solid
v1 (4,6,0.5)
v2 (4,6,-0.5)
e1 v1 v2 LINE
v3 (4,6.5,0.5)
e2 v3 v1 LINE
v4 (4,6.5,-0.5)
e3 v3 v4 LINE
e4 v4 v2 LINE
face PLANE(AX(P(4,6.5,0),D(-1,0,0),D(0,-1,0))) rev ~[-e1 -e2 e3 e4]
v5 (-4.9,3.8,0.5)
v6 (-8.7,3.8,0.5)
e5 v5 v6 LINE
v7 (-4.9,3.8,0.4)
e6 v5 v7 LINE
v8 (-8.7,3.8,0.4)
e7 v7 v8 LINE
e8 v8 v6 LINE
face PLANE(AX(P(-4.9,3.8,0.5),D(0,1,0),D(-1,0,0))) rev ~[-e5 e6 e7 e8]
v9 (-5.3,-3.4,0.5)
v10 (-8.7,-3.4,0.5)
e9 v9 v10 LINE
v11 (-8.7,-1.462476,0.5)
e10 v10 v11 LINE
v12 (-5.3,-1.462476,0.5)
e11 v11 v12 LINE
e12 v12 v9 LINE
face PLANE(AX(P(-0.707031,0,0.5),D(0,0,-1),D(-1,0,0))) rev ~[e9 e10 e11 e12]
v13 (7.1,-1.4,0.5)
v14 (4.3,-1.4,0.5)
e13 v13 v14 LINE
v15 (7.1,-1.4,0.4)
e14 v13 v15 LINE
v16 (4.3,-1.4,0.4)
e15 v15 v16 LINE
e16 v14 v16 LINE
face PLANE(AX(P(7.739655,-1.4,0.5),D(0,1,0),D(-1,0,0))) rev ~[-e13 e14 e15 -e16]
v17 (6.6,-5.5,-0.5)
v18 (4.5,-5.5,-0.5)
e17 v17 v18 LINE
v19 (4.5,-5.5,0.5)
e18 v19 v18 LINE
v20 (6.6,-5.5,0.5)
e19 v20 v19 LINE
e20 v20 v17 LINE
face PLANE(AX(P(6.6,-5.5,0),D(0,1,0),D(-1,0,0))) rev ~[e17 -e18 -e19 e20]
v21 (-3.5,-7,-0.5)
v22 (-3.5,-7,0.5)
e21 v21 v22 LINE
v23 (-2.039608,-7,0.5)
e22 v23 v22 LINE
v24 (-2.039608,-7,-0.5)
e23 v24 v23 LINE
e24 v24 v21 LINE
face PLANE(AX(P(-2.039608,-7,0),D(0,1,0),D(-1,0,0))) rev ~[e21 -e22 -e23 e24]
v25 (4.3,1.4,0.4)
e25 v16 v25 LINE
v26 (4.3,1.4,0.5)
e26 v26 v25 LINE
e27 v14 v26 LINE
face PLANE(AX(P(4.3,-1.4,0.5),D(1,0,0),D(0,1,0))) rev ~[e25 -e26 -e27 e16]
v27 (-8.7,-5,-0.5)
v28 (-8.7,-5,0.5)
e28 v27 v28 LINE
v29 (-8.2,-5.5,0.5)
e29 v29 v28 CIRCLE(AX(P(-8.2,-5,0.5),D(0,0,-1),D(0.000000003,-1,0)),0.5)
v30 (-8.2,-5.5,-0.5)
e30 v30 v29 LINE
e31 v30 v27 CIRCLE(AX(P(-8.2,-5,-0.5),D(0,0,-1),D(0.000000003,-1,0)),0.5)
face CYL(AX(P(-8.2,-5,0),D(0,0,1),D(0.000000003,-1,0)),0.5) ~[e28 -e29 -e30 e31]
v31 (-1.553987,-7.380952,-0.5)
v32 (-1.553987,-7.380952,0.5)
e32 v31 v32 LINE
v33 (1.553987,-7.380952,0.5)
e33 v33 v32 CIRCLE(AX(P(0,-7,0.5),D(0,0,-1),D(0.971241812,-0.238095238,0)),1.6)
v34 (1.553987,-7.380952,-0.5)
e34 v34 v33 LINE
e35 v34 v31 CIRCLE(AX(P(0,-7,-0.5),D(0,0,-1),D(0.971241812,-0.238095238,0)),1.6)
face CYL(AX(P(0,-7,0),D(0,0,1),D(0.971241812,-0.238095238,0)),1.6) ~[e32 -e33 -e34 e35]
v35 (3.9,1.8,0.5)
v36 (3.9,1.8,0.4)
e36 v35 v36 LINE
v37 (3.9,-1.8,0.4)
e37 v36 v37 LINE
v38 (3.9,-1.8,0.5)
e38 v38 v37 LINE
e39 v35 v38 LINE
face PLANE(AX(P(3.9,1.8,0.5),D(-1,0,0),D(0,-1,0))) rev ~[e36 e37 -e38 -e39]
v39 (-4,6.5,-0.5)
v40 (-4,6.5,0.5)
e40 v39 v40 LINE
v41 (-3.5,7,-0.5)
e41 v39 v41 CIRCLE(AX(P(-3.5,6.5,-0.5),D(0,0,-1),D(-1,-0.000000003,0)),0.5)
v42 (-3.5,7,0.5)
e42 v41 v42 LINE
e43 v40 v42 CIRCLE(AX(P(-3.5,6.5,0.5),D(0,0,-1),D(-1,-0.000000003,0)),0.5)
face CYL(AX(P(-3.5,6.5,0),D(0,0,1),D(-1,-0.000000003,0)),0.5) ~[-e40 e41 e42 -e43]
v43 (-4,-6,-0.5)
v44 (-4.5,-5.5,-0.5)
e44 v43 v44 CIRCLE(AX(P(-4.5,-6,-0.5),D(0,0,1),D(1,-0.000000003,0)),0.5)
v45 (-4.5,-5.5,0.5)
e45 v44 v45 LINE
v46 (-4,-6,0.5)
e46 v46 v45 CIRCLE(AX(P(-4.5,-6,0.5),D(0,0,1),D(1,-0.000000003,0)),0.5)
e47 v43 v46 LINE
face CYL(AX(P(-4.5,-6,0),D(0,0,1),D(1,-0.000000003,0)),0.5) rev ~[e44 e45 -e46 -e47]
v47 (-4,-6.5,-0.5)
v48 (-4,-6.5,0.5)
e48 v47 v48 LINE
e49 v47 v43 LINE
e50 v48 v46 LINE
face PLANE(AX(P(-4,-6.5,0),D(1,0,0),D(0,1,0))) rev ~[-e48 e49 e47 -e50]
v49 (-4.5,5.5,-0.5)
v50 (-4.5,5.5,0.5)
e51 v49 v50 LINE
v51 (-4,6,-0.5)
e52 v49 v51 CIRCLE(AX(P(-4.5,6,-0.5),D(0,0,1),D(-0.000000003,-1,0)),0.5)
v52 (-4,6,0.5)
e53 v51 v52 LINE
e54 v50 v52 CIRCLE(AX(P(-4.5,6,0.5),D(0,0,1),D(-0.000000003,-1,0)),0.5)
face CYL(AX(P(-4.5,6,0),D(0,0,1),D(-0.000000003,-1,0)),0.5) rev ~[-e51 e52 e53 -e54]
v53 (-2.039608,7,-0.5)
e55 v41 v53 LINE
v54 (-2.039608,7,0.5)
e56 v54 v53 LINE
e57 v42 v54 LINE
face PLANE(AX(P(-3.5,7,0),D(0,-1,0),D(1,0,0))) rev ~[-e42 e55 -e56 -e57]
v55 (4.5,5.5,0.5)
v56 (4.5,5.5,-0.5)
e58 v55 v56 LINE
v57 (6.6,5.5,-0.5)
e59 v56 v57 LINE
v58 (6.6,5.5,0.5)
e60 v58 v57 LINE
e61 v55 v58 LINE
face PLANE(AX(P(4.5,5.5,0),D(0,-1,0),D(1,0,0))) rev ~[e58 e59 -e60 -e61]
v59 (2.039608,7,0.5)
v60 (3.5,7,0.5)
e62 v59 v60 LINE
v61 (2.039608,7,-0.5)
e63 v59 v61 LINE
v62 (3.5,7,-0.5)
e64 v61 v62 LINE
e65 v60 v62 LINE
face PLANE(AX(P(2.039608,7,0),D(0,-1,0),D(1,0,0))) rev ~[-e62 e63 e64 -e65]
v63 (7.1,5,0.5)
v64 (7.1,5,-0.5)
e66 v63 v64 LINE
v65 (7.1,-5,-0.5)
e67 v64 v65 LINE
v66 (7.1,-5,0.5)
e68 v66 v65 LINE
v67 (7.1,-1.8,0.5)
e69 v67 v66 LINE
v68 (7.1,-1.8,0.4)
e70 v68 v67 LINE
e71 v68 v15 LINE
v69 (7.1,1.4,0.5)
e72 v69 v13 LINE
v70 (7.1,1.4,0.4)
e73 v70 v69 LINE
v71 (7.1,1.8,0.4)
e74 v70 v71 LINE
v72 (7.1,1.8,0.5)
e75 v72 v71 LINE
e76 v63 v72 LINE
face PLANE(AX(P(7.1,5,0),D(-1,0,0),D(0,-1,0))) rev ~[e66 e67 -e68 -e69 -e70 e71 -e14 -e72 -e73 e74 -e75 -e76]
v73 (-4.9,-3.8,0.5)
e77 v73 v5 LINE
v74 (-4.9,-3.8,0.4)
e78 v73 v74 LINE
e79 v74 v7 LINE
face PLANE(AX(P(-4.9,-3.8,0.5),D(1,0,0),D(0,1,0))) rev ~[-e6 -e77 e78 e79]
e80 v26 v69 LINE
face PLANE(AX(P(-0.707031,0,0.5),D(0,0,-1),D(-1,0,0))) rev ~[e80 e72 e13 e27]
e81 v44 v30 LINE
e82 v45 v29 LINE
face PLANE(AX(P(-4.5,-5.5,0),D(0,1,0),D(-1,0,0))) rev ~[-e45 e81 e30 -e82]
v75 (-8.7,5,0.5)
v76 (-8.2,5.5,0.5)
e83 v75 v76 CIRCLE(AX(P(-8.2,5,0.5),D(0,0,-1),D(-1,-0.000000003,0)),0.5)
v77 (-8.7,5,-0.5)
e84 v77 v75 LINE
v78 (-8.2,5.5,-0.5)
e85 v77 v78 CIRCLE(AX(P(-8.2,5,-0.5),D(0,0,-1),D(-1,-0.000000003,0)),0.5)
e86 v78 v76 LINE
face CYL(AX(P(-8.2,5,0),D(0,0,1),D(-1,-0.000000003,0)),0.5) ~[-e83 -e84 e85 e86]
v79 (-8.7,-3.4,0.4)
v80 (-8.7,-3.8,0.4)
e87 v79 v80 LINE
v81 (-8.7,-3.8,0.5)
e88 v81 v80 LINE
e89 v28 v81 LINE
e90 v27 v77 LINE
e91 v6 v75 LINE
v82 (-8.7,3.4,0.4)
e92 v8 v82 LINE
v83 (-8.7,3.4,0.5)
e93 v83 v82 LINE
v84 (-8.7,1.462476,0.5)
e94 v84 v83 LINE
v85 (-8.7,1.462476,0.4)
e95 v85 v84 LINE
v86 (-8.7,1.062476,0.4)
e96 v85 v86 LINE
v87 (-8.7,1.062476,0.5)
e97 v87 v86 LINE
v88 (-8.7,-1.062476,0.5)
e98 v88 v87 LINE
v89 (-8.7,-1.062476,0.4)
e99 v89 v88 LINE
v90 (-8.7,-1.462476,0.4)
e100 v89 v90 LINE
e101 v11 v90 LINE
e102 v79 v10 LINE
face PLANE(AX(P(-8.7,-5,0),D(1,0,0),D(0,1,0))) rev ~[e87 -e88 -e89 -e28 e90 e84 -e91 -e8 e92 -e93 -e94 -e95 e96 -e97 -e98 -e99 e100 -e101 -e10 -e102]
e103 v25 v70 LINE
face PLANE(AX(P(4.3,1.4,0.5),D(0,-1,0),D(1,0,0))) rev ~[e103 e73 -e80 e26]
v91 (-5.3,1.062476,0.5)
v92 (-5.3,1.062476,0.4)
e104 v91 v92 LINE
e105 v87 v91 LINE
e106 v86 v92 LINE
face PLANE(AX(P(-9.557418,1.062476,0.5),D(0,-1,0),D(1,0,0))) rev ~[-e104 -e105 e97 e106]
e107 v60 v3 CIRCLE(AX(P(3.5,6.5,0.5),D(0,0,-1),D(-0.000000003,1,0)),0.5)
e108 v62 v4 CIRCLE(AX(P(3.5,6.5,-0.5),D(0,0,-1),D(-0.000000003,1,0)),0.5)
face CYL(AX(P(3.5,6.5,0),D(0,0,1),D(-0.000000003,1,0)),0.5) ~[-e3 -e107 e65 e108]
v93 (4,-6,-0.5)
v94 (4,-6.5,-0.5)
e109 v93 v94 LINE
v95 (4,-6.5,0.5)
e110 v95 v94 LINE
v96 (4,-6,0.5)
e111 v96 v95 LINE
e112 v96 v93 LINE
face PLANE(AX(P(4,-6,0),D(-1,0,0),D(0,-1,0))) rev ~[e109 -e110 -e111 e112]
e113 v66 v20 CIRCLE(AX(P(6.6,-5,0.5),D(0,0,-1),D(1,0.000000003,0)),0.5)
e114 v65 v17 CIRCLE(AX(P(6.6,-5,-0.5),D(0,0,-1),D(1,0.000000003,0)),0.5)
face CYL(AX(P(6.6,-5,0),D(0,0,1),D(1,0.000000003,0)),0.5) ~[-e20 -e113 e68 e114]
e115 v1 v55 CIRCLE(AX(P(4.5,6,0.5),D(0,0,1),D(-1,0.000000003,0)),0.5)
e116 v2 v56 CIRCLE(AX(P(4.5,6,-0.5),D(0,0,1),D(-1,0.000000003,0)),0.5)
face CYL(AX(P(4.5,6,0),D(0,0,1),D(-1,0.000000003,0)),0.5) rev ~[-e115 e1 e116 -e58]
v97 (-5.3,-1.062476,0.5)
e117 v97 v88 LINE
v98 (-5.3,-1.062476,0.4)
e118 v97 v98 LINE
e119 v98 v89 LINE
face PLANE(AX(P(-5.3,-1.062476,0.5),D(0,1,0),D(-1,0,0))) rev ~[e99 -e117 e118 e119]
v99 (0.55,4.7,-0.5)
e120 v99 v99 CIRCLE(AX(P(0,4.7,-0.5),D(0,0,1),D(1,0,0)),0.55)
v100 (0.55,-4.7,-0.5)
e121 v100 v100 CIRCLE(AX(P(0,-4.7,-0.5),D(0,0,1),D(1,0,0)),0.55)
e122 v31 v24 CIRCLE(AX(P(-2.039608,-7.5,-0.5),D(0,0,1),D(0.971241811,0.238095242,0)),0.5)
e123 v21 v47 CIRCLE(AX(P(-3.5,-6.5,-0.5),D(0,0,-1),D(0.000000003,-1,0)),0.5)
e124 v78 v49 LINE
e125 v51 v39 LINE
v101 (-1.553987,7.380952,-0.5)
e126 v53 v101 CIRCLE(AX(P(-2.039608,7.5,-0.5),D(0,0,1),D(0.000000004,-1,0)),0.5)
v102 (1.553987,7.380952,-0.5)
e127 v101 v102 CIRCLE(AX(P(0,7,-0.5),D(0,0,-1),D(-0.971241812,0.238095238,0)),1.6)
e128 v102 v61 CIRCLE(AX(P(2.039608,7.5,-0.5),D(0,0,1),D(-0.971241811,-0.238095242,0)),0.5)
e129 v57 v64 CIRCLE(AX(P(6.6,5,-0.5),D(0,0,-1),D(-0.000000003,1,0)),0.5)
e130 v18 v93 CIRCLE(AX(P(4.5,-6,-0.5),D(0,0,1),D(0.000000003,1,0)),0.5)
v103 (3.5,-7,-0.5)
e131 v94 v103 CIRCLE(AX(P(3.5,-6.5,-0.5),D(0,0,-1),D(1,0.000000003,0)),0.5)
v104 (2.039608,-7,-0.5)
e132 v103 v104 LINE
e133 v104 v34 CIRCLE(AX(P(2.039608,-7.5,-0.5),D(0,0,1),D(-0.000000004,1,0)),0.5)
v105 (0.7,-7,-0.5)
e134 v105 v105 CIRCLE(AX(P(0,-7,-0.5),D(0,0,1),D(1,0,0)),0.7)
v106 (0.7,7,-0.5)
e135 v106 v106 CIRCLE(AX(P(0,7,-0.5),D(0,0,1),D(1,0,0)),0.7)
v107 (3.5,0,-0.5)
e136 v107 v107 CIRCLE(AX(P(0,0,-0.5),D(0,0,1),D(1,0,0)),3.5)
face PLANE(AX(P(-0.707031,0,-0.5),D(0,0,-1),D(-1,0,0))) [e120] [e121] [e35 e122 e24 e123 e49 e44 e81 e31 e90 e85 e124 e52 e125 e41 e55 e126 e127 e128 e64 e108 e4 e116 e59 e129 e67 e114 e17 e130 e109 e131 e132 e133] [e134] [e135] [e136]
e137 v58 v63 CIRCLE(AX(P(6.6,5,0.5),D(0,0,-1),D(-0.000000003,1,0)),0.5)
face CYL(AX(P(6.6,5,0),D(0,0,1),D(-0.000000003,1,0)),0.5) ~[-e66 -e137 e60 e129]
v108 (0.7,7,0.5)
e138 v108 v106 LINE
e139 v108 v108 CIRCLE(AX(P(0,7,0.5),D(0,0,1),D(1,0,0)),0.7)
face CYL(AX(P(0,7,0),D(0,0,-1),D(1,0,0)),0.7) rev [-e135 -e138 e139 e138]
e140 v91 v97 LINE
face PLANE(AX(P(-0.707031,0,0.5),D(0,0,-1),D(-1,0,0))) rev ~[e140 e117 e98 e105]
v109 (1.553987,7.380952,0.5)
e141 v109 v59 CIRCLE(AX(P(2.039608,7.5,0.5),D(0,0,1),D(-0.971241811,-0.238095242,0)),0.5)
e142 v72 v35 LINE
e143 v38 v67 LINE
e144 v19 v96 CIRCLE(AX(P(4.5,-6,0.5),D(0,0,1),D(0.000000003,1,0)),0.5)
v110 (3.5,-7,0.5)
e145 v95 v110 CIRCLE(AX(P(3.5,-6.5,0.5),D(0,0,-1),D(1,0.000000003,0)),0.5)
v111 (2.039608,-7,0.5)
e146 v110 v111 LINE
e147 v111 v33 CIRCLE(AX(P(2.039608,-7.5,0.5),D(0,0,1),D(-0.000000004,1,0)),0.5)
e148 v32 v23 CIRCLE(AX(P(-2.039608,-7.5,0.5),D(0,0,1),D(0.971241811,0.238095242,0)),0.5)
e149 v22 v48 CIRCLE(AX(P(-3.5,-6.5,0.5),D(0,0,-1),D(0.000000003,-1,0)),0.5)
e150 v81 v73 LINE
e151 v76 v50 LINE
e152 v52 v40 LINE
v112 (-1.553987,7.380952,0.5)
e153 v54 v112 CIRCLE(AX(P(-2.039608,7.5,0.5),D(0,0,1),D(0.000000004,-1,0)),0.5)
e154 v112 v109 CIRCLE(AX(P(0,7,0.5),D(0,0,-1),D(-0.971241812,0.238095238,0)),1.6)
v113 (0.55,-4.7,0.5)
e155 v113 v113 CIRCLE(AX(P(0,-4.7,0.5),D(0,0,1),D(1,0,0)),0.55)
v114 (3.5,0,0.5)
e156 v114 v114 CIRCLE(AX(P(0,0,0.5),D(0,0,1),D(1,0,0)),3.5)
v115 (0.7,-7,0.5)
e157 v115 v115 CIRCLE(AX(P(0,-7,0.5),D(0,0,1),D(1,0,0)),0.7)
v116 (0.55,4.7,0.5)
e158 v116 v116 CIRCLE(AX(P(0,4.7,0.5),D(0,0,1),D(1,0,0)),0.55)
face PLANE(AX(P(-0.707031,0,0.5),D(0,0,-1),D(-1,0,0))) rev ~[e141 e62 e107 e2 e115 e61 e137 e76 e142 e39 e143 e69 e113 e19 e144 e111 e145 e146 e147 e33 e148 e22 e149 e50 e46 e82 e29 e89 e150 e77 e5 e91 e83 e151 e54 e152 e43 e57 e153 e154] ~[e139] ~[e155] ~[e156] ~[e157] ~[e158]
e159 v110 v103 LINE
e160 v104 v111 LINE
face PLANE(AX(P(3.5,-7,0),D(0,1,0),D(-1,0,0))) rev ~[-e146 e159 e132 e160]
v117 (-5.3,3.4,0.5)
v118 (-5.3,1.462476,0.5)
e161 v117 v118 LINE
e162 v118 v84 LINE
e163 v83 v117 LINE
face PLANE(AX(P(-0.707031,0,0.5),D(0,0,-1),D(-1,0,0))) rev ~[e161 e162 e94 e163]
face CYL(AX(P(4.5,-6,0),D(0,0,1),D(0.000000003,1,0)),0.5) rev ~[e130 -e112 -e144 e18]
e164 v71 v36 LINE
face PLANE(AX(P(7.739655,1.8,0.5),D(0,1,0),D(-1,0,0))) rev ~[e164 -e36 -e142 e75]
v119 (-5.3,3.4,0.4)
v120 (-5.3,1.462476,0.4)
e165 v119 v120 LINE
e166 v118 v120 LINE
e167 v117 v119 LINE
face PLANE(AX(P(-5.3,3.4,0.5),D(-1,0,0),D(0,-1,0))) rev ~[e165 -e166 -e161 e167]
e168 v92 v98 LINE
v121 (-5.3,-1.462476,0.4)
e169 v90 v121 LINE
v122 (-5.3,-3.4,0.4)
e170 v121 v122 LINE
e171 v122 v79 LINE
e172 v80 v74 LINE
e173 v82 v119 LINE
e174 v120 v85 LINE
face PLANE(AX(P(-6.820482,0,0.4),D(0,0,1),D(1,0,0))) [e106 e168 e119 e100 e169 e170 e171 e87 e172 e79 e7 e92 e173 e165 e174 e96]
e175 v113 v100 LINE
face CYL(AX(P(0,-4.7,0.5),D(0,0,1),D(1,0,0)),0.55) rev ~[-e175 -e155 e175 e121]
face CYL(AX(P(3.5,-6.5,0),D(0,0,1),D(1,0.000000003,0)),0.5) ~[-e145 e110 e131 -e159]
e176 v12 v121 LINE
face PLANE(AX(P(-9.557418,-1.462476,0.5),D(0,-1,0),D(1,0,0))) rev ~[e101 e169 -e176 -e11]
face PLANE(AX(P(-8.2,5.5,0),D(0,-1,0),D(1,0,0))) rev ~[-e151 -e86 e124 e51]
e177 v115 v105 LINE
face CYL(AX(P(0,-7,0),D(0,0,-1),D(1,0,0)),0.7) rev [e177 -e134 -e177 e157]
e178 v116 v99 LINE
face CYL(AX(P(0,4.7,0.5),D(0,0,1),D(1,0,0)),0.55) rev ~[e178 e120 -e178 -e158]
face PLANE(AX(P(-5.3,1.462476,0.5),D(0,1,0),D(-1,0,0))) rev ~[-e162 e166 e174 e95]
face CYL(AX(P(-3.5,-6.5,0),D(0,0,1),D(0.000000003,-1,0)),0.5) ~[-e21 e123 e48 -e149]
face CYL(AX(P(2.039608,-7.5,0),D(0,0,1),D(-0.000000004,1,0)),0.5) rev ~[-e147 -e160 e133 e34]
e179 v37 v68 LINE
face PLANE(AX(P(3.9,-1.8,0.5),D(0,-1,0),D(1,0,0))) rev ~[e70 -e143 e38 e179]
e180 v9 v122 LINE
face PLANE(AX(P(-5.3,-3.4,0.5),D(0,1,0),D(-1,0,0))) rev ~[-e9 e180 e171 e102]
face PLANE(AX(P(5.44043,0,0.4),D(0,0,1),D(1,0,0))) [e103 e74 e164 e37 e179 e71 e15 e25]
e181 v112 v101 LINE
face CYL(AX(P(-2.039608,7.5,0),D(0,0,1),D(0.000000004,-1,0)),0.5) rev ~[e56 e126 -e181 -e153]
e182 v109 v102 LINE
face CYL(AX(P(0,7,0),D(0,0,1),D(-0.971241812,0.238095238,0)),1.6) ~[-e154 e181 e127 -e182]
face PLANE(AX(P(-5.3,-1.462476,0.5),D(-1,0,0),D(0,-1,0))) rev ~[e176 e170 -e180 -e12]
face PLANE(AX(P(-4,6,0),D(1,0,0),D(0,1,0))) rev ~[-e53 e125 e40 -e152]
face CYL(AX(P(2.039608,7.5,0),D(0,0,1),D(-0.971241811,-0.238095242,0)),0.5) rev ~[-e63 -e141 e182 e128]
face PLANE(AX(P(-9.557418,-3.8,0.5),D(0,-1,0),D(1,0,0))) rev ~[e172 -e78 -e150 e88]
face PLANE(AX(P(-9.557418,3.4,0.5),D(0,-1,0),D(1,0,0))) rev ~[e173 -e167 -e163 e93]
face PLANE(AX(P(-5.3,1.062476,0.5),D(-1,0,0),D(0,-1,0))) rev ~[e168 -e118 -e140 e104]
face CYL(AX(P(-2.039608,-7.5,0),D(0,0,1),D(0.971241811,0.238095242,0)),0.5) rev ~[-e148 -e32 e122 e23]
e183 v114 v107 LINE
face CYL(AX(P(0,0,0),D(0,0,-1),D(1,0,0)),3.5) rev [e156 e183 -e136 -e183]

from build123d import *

# Parameters (mm, degrees)
MODEL_R         = 3.5
MODEL_R_2       = 0.7
EXTRUDE_1_DEPTH = 0.5
EXTRUDE2_DEPTH  = 0.1
SKETCH3_R       = 0.55
EXTRUDE3_DEPTH  = 13.273956167


with BuildPart() as part:
    # Model → Бобышка-Вытянуть1 (new, symmetric)
    with BuildSketch(Plane.XY):
        with BuildLine():
            Line((-3.5, 7), (-2.039607805, 7))
            ThreePointArc((-2.039607805, 7), (-1.731001106, 7.106602104), (-1.553986899, 7.380952381))
            ThreePointArc((-1.553986899, 7.380952381), (0, 8.6), (1.553986899, 7.380952381))
            ThreePointArc((1.553986899, 7.380952381), (1.731001106, 7.106602104), (2.039607805, 7))
            Line((2.039607805, 7), (3.5, 7))
            ThreePointArc((3.5, 7), (3.853553391, 6.853553391), (4, 6.5))
            Line((4, 6.5), (4, 6))
            ThreePointArc((4, 6), (4.146446609, 5.646446609), (4.5, 5.5))
            Line((4.5, 5.5), (6.6, 5.5))
            ThreePointArc((6.6, 5.5), (6.953553391, 5.353553391), (7.1, 5))
            Line((7.1, 5), (7.1, -5))
            ThreePointArc((7.1, -5), (6.953553391, -5.353553391), (6.6, -5.5))
            Line((6.6, -5.5), (4.5, -5.5))
            ThreePointArc((4.5, -5.5), (4.146446609, -5.646446609), (4, -6))
            Line((4, -6), (4, -6.5))
            ThreePointArc((4, -6.5), (3.853553391, -6.853553391), (3.5, -7))
            Line((3.5, -7), (2.039607805, -7))
            ThreePointArc((2.039607805, -7), (1.731001106, -7.106602104), (1.553986899, -7.380952381))
            ThreePointArc((1.553986899, -7.380952381), (0, -8.6), (-1.553986899, -7.380952381))
            ThreePointArc((-1.553986899, -7.380952381), (-1.731001106, -7.106602104), (-2.039607805, -7))
            Line((-2.039607805, -7), (-3.5, -7))
            ThreePointArc((-3.5, -7), (-3.853553391, -6.853553391), (-4, -6.5))
            Line((-4, -6.5), (-4, -6))
            ThreePointArc((-4, -6), (-4.146446609, -5.646446609), (-4.5, -5.5))
            Line((-4.5, -5.5), (-8.2, -5.5))
            ThreePointArc((-8.2, -5.5), (-8.553553391, -5.353553391), (-8.7, -5))
            Line((-8.7, -5), (-8.7, 5))
            ThreePointArc((-8.7, 5), (-8.553553391, 5.353553391), (-8.2, 5.5))
            Line((-8.2, 5.5), (-4.5, 5.5))
            ThreePointArc((-4.5, 5.5), (-4.146446609, 5.646446609), (-4, 6))
            Line((-4, 6), (-4, 6.5))
            ThreePointArc((-4, 6.5), (-3.853553391, 6.853553391), (-3.5, 7))
        make_face()
        Circle(MODEL_R, mode=Mode.SUBTRACT)
        with Locations((0, 7)):
            Circle(MODEL_R_2, mode=Mode.SUBTRACT)
        with Locations((0, -7)):
            Circle(MODEL_R_2, mode=Mode.SUBTRACT)
    extrude(amount=EXTRUDE_1_DEPTH, both=True)

    # Sketch2 → Extrude2 (cut)
    with BuildSketch(Plane.XY.offset(0.5)):
        Polygon((-9.557418436, -3.8), (-4.9, -3.8), (-4.9, 3.8), (-9.557418436, 3.8), (-9.557418436, 3.4), (-5.3, 3.4), (-5.3, 1.462476295), (-9.557418436, 1.462476295), (-9.557418436, 1.062476295), (-5.3, 1.062476295), (-5.3, -1.062476295), (-9.557418436, -1.062476295), (-9.557418436, -1.462476295), (-5.3, -1.462476295), (-5.3, -3.4), (-9.557418436, -3.4), align=None)
        Polygon((7.739654587, -1.8), (7.739654587, -1.4), (4.3, -1.4), (4.3, 1.4), (7.739654587, 1.4), (7.739654587, 1.8), (3.9, 1.8), (3.9, -1.8), align=None)
    extrude(amount=-EXTRUDE2_DEPTH, mode=Mode.SUBTRACT)

    # Sketch3 → Extrude3 (cut, through all)
    with BuildSketch(Plane.XY.offset(0.5)):
        with Locations((0, 4.7)):
            Circle(SKETCH3_R)
        with Locations((0, -4.7)):
            Circle(SKETCH3_R)
    extrude(amount=-EXTRUDE3_DEPTH, mode=Mode.SUBTRACT)


solid = part.part
